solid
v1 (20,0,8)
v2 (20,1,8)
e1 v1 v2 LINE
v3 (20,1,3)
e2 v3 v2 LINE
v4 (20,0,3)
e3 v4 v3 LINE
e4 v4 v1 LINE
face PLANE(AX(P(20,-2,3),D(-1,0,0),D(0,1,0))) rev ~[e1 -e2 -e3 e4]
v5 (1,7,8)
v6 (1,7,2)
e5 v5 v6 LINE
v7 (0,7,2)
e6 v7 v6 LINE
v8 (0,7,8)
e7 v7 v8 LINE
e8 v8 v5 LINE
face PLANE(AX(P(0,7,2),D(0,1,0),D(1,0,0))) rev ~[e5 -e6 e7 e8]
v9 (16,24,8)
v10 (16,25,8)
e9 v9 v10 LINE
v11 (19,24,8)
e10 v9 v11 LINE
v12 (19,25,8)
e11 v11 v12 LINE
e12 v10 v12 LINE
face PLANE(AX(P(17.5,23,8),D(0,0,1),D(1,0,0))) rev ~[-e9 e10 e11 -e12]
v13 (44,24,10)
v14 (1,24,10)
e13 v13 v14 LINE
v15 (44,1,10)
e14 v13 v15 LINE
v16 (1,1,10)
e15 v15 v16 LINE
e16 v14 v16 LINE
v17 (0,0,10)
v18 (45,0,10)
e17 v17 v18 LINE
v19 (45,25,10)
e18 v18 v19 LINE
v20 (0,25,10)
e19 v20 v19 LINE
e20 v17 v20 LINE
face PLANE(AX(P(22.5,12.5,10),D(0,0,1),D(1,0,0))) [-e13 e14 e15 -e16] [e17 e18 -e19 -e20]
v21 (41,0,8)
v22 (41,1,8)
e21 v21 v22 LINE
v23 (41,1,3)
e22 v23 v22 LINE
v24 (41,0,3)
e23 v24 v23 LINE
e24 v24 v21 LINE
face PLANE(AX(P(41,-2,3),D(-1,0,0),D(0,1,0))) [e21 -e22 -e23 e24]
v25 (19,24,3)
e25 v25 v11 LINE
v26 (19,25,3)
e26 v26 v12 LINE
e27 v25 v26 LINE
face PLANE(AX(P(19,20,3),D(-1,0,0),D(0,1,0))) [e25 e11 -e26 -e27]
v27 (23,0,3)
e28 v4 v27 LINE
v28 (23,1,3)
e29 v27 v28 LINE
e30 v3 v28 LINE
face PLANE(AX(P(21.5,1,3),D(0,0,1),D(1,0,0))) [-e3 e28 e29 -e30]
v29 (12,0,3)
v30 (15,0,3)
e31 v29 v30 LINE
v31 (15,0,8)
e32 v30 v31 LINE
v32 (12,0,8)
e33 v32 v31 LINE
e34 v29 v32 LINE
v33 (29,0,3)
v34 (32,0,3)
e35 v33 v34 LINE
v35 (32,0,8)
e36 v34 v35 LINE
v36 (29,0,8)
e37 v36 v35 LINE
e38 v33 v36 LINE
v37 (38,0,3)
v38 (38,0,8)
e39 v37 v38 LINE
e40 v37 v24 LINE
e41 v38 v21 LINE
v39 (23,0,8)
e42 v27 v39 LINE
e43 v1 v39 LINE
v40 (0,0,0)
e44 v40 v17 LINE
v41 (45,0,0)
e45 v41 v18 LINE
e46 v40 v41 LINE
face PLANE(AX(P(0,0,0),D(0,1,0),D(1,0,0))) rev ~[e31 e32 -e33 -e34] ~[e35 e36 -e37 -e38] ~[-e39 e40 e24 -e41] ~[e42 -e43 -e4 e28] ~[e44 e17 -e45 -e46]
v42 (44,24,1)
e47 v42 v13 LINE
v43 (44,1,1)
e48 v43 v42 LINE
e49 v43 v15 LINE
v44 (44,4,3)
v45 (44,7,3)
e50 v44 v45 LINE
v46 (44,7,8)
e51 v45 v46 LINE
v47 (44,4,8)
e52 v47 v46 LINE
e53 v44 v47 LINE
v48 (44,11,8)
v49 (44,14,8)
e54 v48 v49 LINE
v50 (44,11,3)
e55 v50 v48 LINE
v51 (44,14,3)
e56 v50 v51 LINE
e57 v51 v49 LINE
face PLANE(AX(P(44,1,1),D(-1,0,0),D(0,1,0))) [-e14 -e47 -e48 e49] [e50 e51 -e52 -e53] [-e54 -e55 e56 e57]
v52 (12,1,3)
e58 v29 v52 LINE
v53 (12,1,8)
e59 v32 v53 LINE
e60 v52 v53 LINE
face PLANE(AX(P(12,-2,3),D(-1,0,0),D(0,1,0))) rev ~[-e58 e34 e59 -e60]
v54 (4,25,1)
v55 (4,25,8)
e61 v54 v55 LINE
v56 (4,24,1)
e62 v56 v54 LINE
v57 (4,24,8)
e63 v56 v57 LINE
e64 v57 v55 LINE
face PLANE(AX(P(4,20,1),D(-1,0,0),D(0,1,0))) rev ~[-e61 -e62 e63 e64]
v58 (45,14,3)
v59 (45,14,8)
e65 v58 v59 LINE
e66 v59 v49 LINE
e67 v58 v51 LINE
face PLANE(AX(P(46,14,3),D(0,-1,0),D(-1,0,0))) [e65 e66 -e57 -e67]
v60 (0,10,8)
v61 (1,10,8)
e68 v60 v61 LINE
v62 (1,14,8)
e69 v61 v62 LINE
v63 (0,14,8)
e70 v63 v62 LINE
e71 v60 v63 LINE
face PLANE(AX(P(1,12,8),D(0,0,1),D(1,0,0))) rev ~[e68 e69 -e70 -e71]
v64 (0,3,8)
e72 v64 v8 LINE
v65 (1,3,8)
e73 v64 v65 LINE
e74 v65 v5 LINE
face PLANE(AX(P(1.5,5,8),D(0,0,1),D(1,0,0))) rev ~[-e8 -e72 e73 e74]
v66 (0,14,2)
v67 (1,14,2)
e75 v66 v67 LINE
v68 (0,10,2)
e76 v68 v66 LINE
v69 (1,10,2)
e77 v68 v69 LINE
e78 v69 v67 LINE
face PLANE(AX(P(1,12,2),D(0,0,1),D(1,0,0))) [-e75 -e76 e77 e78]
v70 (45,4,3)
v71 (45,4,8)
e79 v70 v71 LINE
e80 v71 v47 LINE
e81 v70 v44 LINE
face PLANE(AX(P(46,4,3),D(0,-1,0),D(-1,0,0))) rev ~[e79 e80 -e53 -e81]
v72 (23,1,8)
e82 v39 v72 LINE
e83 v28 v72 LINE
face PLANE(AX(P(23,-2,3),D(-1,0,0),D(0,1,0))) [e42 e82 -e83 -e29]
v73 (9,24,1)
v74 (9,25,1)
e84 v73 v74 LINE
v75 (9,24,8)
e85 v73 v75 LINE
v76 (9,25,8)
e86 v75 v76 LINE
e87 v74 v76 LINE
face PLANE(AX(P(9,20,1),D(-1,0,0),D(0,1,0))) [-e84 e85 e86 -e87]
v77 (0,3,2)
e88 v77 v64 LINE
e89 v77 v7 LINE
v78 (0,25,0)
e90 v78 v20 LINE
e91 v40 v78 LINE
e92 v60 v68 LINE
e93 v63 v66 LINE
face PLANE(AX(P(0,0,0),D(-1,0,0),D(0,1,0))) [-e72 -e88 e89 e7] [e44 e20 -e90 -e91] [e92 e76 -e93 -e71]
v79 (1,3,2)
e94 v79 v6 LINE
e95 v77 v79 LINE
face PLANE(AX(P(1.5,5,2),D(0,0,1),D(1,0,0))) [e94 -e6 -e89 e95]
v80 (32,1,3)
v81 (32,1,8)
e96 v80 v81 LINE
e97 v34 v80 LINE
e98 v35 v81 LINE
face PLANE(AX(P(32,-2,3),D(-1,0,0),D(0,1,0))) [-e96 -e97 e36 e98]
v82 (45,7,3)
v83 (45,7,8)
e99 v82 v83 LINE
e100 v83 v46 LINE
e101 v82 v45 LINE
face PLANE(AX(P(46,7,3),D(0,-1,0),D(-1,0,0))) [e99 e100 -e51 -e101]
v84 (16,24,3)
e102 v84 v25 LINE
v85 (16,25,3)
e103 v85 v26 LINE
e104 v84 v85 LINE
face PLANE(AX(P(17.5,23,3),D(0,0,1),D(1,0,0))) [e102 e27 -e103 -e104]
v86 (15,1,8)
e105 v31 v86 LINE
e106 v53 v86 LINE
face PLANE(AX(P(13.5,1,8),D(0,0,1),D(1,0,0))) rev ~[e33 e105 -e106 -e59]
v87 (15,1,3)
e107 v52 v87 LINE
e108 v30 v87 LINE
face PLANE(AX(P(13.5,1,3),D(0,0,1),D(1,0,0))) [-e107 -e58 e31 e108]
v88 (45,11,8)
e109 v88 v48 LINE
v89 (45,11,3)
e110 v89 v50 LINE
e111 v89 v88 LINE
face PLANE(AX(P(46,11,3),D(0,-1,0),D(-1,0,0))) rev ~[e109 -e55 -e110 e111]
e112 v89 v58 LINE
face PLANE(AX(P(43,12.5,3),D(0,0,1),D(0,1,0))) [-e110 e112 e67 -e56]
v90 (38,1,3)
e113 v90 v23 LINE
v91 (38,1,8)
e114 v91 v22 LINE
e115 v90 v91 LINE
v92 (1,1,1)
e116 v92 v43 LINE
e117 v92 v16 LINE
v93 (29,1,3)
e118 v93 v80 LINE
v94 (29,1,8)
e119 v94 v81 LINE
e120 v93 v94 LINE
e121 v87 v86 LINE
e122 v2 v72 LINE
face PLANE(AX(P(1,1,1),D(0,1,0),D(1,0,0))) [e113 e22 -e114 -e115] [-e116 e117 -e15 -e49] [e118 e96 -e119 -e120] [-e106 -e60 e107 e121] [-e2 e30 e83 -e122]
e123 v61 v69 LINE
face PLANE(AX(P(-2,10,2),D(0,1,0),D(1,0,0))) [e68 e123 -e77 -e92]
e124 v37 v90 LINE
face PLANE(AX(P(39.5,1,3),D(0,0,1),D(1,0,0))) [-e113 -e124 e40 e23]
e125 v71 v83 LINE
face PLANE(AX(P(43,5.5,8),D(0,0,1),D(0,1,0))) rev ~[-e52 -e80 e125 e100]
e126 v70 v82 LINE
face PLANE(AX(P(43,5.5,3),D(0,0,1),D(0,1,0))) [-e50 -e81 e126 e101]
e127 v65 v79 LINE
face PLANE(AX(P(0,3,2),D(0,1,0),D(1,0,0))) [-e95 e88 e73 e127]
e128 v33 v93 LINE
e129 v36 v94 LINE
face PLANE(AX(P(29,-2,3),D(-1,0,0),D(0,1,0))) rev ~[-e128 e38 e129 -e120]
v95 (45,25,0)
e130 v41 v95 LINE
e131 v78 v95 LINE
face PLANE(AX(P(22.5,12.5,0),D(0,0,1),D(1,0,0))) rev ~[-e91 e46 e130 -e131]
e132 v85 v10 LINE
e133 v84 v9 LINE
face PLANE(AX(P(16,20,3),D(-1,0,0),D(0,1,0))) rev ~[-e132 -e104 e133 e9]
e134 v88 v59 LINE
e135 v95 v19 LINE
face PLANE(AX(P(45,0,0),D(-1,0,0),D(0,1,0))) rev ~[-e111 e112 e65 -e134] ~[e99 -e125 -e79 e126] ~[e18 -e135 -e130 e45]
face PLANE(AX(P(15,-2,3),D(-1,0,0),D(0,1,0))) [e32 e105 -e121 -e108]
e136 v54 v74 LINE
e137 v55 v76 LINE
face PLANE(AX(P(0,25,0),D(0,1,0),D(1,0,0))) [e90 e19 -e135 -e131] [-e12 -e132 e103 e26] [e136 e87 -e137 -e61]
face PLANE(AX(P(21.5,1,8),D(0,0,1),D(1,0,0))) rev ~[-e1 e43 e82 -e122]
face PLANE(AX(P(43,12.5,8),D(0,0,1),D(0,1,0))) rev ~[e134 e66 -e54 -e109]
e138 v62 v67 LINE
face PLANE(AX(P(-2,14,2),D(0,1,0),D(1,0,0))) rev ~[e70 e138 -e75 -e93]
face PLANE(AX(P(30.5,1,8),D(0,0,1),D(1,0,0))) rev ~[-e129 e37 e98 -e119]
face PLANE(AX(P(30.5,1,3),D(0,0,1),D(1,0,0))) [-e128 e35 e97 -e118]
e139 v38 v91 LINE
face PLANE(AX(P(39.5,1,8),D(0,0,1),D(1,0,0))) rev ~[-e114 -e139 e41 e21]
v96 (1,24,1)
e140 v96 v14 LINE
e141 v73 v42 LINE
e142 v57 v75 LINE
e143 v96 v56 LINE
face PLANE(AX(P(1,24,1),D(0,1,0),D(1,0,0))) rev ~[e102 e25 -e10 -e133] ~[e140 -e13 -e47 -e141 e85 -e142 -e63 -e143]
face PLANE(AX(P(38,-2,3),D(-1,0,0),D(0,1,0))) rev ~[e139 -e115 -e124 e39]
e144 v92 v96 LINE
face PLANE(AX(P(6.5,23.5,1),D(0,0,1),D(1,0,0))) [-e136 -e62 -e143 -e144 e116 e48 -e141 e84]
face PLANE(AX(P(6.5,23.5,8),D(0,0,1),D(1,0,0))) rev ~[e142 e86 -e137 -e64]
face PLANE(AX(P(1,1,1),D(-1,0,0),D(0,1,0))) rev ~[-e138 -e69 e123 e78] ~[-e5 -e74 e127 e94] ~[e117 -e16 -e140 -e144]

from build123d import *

# Parameters (mm, degrees)
BOX101_W     = 3
BOX101_H     = 4
BOX101_DEPTH = 6
BOX060_W     = 3
BOX060_H     = 6
BOX060_DEPTH = 5
BOX061_W     = 3
BOX061_H     = 6
BOX061_DEPTH = 5
BOX063_W     = 3
BOX063_H     = 6
BOX063_DEPTH = 5
BOX062_W     = 3
BOX062_H     = 6
BOX062_DEPTH = 5
BOX058_W     = 3
BOX058_H     = 6
BOX058_DEPTH = 5
BOX059_W     = 3
BOX059_H     = 6
BOX059_DEPTH = 5
BOX056_W     = 3
BOX056_H     = 6
BOX056_DEPTH = 5
BOX026_W     = 5
BOX026_H     = 7
BOX026_DEPTH = 7
BOX020_W     = 6
BOX020_H     = 4
BOX020_DEPTH = 6
BOX_W        = 43
BOX_H        = 23
BOX_DEPTH    = 10
BOX001_W     = 45
BOX001_H     = 25
BOX001_DEPTH = 10


with BuildPart() as box101:
    # Box101 → Box101 (new body)
    with BuildSketch(Plane(origin=(0, 3, 2), x_dir=(1, 0, 0), z_dir=(0, 0, 1))):
        with Locations((1.5, 2)):
            Rectangle(BOX101_W, BOX101_H)
    extrude(amount=BOX101_DEPTH)


with BuildPart() as box060:
    # Box060 → Box060 (new body)
    with BuildSketch(Plane(origin=(29, -2, 3), x_dir=(1, 0, 0), z_dir=(0, 0, 1))):
        with Locations((1.5, 3)):
            Rectangle(BOX060_W, BOX060_H)
    extrude(amount=BOX060_DEPTH)


with BuildPart() as box061:
    # Box061 → Box061 (new body)
    with BuildSketch(Plane(origin=(38, -2, 3), x_dir=(1, 0, 0), z_dir=(0, 0, 1))):
        with Locations((1.5, 3)):
            Rectangle(BOX061_W, BOX061_H)
    extrude(amount=BOX061_DEPTH)


with BuildPart() as box063:
    # Box063 → Box063 (new body)
    with BuildSketch(Plane(origin=(46, 11, 3), x_dir=(0, 1, 0), z_dir=(0, 0, 1))):
        with Locations((1.5, 3)):
            Rectangle(BOX063_W, BOX063_H)
    extrude(amount=BOX063_DEPTH)


with BuildPart() as box062:
    # Box062 → Box062 (new body)
    with BuildSketch(Plane(origin=(46, 4, 3), x_dir=(0, 1, 0), z_dir=(0, 0, 1))):
        with Locations((1.5, 3)):
            Rectangle(BOX062_W, BOX062_H)
    extrude(amount=BOX062_DEPTH)


with BuildPart() as box058:
    # Box058 → Box058 (new body)
    with BuildSketch(Plane(origin=(12, -2, 3), x_dir=(1, 0, 0), z_dir=(0, 0, 1))):
        with Locations((1.5, 3)):
            Rectangle(BOX058_W, BOX058_H)
    extrude(amount=BOX058_DEPTH)


with BuildPart() as box059:
    # Box059 → Box059 (new body)
    with BuildSketch(Plane(origin=(20, -2, 3), x_dir=(1, 0, 0), z_dir=(0, 0, 1))):
        with Locations((1.5, 3)):
            Rectangle(BOX059_W, BOX059_H)
    extrude(amount=BOX059_DEPTH)


with BuildPart() as box056:
    # Box056 → Box056 (new body)
    with BuildSketch(Plane(origin=(16, 20, 3), x_dir=(1, 0, 0), z_dir=(0, 0, 1))):
        with Locations((1.5, 3)):
            Rectangle(BOX056_W, BOX056_H)
    extrude(amount=BOX056_DEPTH)


with BuildPart() as box026:
    # Box026 → Box026 (new body)
    with BuildSketch(Plane(origin=(4, 20, 1), x_dir=(1, 0, 0), z_dir=(0, 0, 1))):
        with Locations((2.5, 3.5)):
            Rectangle(BOX026_W, BOX026_H)
    extrude(amount=BOX026_DEPTH)


with BuildPart() as box020:
    # Box020 → Box020 (new body)
    with BuildSketch(Plane(origin=(-2, 10, 2), x_dir=(1, 0, 0), z_dir=(0, 0, 1))):
        with Locations((3, 2)):
            Rectangle(BOX020_W, BOX020_H)
    extrude(amount=BOX020_DEPTH)


with BuildPart() as box:
    # Box → Box (new body)
    with BuildSketch(Plane(origin=(1, 1, 1), x_dir=(1, 0, 0), z_dir=(0, 0, 1))):
        with Locations((21.5, 11.5)):
            Rectangle(BOX_W, BOX_H)
    extrude(amount=BOX_DEPTH)


with BuildPart() as cut037:
    # Box001 → Box001 (new body)
    with BuildSketch(Plane.XY):
        with Locations((22.5, 12.5)):
            Rectangle(BOX001_W, BOX001_H)
    extrude(amount=BOX001_DEPTH)

    # Cut: cut Box
    add(box.part, mode=Mode.SUBTRACT)

    # Cut001: cut Box020
    add(box020.part, mode=Mode.SUBTRACT)

    # Cut029: cut Box026
    add(box026.part, mode=Mode.SUBTRACT)

    # Cut030: cut Box056
    add(box056.part, mode=Mode.SUBTRACT)

    # Cut031: cut Box059
    add(box059.part, mode=Mode.SUBTRACT)

    # Cut032: cut Box058
    add(box058.part, mode=Mode.SUBTRACT)

    # Cut033: cut Box062
    add(box062.part, mode=Mode.SUBTRACT)

    # Cut034: cut Box063
    add(box063.part, mode=Mode.SUBTRACT)

    # Cut035: cut Box061
    add(box061.part, mode=Mode.SUBTRACT)

    # Cut036: cut Box060
    add(box060.part, mode=Mode.SUBTRACT)

    # Cut037: cut Box101
    add(box101.part, mode=Mode.SUBTRACT)


solid = cut037.part
